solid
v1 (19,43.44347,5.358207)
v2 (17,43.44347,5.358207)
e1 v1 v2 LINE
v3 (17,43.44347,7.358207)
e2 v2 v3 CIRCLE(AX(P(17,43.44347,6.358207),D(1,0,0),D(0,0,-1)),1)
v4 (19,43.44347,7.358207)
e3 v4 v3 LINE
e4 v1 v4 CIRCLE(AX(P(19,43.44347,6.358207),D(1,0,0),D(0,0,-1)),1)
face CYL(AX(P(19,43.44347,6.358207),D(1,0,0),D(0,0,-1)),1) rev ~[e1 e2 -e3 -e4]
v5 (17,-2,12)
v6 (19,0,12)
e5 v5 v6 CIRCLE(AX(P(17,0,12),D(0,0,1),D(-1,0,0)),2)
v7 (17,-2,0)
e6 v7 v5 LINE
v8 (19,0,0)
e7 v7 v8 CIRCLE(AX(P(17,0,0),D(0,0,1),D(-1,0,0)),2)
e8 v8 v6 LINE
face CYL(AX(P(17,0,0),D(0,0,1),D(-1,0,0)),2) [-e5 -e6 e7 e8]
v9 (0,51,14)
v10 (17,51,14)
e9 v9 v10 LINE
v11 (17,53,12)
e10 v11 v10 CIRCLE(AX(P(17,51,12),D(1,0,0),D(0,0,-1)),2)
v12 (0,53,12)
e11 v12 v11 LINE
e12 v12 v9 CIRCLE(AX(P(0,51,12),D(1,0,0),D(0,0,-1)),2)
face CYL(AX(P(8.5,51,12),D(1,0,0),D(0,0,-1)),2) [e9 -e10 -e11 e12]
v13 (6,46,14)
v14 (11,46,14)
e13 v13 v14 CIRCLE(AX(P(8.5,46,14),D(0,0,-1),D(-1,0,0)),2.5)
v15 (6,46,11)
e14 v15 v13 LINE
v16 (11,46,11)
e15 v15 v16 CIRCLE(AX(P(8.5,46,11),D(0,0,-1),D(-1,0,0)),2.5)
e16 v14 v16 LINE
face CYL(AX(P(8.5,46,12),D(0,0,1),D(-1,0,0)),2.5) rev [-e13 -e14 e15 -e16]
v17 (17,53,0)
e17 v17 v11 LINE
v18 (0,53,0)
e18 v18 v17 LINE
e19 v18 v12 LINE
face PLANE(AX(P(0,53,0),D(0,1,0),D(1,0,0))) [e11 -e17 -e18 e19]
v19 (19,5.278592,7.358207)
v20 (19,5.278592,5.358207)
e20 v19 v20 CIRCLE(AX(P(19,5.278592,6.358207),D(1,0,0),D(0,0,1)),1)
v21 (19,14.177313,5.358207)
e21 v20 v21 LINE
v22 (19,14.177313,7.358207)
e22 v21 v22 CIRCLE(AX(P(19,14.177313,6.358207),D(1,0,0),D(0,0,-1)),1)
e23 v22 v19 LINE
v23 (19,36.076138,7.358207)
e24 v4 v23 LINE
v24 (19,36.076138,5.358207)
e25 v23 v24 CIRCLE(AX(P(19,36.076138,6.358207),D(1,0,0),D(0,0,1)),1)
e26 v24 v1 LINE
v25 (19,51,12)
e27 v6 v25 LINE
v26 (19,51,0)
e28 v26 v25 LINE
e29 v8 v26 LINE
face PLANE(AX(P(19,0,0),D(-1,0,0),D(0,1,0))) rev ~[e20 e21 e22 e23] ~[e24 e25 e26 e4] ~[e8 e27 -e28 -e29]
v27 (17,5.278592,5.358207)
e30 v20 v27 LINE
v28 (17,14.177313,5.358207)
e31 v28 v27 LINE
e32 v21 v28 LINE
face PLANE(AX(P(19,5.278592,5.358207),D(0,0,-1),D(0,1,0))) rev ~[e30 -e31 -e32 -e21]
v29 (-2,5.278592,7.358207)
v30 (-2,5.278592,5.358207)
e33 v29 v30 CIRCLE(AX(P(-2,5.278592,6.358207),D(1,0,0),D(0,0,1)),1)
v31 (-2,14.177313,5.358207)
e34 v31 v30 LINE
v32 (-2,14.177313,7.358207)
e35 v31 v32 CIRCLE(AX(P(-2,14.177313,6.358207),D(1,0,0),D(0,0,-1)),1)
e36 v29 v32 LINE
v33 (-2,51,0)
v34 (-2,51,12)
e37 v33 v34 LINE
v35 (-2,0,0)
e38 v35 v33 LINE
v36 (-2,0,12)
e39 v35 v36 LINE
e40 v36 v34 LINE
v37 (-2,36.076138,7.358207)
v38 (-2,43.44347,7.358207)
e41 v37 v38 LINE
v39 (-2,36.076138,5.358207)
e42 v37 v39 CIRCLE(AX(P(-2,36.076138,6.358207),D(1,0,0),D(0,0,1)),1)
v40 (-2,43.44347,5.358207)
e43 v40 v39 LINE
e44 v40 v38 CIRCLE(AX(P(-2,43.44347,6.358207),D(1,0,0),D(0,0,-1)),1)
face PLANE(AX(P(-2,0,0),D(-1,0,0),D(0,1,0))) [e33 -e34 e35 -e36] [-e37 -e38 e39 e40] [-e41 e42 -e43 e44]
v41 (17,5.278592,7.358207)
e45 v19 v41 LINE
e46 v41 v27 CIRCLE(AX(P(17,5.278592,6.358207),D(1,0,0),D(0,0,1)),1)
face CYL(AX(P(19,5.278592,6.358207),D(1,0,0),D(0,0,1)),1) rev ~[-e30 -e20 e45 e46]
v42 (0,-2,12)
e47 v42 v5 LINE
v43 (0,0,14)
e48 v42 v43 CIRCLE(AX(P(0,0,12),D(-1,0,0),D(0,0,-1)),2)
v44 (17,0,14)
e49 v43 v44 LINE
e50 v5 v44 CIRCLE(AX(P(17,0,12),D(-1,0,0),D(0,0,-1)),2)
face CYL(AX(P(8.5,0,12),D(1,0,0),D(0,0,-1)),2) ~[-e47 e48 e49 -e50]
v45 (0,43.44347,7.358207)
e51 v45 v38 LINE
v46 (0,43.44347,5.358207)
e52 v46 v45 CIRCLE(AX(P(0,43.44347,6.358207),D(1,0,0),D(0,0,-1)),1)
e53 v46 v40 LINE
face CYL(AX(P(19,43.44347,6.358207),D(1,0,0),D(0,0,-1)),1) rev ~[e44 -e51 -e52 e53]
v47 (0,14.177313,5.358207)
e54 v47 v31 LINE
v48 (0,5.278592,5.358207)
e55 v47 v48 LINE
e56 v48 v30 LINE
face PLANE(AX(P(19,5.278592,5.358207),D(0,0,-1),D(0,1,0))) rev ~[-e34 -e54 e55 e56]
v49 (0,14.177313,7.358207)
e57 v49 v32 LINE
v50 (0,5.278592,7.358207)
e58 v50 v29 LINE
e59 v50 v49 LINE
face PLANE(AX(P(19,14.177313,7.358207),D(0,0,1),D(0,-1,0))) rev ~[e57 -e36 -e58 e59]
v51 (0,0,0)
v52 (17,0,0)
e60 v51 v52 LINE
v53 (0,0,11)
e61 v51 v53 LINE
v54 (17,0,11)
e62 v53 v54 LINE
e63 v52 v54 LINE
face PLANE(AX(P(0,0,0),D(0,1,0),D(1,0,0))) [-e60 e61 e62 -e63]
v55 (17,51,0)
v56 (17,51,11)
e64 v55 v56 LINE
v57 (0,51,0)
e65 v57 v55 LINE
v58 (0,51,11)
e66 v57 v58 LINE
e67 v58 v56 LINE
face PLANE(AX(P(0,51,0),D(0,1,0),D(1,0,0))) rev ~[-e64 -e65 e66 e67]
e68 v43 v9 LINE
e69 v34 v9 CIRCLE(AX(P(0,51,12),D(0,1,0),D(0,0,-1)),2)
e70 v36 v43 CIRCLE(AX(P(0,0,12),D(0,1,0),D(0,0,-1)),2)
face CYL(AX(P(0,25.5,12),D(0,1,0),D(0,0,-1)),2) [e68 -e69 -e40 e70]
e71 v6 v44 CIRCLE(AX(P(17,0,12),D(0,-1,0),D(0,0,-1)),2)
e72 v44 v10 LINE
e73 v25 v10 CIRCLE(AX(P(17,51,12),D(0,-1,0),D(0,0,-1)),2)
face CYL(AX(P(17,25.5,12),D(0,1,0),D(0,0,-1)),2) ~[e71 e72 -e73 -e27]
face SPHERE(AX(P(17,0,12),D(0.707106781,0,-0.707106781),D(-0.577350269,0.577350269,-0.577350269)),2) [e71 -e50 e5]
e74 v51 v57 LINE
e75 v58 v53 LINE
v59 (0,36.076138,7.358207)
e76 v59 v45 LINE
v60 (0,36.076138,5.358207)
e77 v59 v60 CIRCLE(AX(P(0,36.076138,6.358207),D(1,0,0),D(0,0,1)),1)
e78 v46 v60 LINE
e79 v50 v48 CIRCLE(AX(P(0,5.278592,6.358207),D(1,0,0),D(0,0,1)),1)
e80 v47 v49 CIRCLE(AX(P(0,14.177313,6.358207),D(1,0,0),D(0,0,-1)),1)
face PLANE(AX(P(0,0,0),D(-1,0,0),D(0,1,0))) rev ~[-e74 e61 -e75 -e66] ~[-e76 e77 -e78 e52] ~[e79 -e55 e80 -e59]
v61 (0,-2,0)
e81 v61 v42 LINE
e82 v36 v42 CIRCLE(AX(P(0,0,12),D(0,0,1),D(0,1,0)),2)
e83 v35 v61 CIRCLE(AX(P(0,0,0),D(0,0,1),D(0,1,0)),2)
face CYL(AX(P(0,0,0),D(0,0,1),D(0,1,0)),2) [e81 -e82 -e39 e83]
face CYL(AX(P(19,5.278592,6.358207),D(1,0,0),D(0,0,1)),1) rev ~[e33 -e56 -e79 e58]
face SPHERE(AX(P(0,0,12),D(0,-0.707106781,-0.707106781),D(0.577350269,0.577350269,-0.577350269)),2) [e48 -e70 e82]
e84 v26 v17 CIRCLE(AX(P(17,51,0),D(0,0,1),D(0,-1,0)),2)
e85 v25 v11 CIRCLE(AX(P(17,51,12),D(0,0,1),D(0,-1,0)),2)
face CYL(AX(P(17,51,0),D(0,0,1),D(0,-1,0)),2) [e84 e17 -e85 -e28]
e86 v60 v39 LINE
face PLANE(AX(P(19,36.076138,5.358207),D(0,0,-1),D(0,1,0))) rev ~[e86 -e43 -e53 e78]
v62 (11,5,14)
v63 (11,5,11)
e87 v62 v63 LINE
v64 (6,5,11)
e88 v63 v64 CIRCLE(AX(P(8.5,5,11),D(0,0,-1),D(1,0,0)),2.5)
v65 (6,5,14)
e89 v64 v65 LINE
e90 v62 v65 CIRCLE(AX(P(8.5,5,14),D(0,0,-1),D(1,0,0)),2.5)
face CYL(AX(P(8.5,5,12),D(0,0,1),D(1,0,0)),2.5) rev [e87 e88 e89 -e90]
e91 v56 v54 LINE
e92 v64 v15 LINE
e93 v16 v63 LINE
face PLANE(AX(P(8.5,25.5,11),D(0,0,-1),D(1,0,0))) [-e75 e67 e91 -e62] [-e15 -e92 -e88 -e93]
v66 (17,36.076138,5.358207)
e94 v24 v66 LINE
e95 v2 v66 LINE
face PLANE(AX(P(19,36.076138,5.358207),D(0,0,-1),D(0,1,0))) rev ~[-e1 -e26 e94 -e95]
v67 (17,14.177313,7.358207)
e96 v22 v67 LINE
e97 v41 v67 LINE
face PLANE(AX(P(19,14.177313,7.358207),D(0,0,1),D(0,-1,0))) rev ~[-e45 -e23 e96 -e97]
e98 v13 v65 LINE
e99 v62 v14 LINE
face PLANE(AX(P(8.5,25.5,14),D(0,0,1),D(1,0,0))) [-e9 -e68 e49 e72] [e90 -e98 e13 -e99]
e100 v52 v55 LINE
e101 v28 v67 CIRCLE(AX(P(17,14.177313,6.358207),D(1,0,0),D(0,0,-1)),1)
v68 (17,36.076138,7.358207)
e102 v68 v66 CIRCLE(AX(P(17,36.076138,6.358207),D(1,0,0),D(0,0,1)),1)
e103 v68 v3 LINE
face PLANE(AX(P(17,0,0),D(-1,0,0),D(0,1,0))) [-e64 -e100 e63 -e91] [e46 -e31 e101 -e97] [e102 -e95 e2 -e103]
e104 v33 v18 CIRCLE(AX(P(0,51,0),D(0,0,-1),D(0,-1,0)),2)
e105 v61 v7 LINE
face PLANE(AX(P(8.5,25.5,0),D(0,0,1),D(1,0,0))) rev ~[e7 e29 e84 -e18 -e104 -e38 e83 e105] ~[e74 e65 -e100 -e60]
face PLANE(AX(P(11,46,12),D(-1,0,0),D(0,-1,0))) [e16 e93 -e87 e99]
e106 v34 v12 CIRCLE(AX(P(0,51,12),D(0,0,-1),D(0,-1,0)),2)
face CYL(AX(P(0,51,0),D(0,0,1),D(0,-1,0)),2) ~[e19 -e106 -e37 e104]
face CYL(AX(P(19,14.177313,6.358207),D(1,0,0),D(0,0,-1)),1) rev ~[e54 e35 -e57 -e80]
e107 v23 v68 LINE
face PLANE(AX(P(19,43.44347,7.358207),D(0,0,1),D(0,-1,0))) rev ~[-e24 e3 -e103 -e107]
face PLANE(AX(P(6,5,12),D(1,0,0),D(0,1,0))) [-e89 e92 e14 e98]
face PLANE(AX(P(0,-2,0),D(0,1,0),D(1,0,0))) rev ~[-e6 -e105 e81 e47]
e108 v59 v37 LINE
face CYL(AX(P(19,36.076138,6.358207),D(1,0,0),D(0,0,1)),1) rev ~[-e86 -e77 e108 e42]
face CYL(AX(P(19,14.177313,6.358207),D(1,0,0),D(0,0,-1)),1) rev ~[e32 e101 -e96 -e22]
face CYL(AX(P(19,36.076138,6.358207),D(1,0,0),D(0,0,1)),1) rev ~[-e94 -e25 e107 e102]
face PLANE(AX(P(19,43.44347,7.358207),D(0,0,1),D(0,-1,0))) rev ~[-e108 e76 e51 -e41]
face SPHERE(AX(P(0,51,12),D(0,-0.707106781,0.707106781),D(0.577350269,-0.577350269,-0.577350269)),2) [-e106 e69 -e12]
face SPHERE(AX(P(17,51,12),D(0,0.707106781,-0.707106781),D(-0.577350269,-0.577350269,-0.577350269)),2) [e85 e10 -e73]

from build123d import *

# Parameters (mm, degrees)
BOX_W           = 17
BOX_H           = 51
BOX_DEPTH       = 12
THICKNESS_T     = 2
POCKET_DEPTH    = 2.001
SKETCH001_W     = 17
SKETCH001_H     = 51
PAD_DEPTH       = 1
POCKET001_DEPTH = 21.001


with BuildPart() as part:
    # Box → Box (new body)
    with BuildSketch(Plane.XY):
        with Locations((8.5, 25.5)):
            Rectangle(BOX_W, BOX_H)
    extrude(amount=BOX_DEPTH)

    # Thickness
    thickness_openings = [part.faces().sort_by_distance(p)[0] for p in [
        (8.5, 25.5, 0),
    ]]
    offset(amount=THICKNESS_T, openings=thickness_openings)

    # Sketch (on Face5 of Thickness) → Pocket (cut, through all)
    with BuildSketch(Plane(origin=(0, 0, 12), x_dir=(1, 0, 0), z_dir=(0, 0, -1))):
        with BuildLine():
            ThreePointArc((11, -5), (8.5, -2.5), (6, -5))
            Line((6, -5), (6, -46))
            ThreePointArc((6, -46), (8.5, -48.5), (11, -46))
            Line((11, -46), (11, -5))
        make_face()
    extrude(amount=-POCKET_DEPTH, mode=Mode.SUBTRACT)

    # Sketch001 (on Face3 of Pocket) → Pad (join)
    with BuildSketch(Plane(origin=(0, 0, 12), x_dir=(1, 0, 0), z_dir=(0, 0, -1))):
        with Locations((8.5, -25.5)):
            Rectangle(SKETCH001_W, SKETCH001_H)
        with BuildLine():
            ThreePointArc((11, -5), (8.5, -2.5), (6, -5))
            Line((6, -5), (6, -46))
            ThreePointArc((6, -46), (8.5, -48.5), (11, -46))
            Line((11, -46), (11, -5))
        make_face(mode=Mode.SUBTRACT)
    extrude(amount=PAD_DEPTH)

    # Sketch002 (on Face17 of Pad) → Pocket001 (cut, through all)
    with BuildSketch(Plane.YZ.offset(19)):
        with BuildLine():
            ThreePointArc((36.076138, 7.358207), (35.076138, 6.358207), (36.076138, 5.358207))
            Line((36.076138, 5.358207), (43.44347, 5.358207))
            ThreePointArc((43.44347, 5.358207), (44.44347, 6.358207), (43.44347, 7.358207))
            Line((43.44347, 7.358207), (36.076138, 7.358207))
        make_face()
        with BuildLine():
            ThreePointArc((5.278592, 7.358207), (4.278592, 6.358207), (5.278592, 5.358207))
            Line((5.278592, 5.358207), (14.177313, 5.358207))
            ThreePointArc((14.177313, 5.358207), (15.177313, 6.358207), (14.177313, 7.358207))
            Line((14.177313, 7.358207), (5.278592, 7.358207))
        make_face()
    extrude(amount=-POCKET001_DEPTH, mode=Mode.SUBTRACT)


solid = part.part
